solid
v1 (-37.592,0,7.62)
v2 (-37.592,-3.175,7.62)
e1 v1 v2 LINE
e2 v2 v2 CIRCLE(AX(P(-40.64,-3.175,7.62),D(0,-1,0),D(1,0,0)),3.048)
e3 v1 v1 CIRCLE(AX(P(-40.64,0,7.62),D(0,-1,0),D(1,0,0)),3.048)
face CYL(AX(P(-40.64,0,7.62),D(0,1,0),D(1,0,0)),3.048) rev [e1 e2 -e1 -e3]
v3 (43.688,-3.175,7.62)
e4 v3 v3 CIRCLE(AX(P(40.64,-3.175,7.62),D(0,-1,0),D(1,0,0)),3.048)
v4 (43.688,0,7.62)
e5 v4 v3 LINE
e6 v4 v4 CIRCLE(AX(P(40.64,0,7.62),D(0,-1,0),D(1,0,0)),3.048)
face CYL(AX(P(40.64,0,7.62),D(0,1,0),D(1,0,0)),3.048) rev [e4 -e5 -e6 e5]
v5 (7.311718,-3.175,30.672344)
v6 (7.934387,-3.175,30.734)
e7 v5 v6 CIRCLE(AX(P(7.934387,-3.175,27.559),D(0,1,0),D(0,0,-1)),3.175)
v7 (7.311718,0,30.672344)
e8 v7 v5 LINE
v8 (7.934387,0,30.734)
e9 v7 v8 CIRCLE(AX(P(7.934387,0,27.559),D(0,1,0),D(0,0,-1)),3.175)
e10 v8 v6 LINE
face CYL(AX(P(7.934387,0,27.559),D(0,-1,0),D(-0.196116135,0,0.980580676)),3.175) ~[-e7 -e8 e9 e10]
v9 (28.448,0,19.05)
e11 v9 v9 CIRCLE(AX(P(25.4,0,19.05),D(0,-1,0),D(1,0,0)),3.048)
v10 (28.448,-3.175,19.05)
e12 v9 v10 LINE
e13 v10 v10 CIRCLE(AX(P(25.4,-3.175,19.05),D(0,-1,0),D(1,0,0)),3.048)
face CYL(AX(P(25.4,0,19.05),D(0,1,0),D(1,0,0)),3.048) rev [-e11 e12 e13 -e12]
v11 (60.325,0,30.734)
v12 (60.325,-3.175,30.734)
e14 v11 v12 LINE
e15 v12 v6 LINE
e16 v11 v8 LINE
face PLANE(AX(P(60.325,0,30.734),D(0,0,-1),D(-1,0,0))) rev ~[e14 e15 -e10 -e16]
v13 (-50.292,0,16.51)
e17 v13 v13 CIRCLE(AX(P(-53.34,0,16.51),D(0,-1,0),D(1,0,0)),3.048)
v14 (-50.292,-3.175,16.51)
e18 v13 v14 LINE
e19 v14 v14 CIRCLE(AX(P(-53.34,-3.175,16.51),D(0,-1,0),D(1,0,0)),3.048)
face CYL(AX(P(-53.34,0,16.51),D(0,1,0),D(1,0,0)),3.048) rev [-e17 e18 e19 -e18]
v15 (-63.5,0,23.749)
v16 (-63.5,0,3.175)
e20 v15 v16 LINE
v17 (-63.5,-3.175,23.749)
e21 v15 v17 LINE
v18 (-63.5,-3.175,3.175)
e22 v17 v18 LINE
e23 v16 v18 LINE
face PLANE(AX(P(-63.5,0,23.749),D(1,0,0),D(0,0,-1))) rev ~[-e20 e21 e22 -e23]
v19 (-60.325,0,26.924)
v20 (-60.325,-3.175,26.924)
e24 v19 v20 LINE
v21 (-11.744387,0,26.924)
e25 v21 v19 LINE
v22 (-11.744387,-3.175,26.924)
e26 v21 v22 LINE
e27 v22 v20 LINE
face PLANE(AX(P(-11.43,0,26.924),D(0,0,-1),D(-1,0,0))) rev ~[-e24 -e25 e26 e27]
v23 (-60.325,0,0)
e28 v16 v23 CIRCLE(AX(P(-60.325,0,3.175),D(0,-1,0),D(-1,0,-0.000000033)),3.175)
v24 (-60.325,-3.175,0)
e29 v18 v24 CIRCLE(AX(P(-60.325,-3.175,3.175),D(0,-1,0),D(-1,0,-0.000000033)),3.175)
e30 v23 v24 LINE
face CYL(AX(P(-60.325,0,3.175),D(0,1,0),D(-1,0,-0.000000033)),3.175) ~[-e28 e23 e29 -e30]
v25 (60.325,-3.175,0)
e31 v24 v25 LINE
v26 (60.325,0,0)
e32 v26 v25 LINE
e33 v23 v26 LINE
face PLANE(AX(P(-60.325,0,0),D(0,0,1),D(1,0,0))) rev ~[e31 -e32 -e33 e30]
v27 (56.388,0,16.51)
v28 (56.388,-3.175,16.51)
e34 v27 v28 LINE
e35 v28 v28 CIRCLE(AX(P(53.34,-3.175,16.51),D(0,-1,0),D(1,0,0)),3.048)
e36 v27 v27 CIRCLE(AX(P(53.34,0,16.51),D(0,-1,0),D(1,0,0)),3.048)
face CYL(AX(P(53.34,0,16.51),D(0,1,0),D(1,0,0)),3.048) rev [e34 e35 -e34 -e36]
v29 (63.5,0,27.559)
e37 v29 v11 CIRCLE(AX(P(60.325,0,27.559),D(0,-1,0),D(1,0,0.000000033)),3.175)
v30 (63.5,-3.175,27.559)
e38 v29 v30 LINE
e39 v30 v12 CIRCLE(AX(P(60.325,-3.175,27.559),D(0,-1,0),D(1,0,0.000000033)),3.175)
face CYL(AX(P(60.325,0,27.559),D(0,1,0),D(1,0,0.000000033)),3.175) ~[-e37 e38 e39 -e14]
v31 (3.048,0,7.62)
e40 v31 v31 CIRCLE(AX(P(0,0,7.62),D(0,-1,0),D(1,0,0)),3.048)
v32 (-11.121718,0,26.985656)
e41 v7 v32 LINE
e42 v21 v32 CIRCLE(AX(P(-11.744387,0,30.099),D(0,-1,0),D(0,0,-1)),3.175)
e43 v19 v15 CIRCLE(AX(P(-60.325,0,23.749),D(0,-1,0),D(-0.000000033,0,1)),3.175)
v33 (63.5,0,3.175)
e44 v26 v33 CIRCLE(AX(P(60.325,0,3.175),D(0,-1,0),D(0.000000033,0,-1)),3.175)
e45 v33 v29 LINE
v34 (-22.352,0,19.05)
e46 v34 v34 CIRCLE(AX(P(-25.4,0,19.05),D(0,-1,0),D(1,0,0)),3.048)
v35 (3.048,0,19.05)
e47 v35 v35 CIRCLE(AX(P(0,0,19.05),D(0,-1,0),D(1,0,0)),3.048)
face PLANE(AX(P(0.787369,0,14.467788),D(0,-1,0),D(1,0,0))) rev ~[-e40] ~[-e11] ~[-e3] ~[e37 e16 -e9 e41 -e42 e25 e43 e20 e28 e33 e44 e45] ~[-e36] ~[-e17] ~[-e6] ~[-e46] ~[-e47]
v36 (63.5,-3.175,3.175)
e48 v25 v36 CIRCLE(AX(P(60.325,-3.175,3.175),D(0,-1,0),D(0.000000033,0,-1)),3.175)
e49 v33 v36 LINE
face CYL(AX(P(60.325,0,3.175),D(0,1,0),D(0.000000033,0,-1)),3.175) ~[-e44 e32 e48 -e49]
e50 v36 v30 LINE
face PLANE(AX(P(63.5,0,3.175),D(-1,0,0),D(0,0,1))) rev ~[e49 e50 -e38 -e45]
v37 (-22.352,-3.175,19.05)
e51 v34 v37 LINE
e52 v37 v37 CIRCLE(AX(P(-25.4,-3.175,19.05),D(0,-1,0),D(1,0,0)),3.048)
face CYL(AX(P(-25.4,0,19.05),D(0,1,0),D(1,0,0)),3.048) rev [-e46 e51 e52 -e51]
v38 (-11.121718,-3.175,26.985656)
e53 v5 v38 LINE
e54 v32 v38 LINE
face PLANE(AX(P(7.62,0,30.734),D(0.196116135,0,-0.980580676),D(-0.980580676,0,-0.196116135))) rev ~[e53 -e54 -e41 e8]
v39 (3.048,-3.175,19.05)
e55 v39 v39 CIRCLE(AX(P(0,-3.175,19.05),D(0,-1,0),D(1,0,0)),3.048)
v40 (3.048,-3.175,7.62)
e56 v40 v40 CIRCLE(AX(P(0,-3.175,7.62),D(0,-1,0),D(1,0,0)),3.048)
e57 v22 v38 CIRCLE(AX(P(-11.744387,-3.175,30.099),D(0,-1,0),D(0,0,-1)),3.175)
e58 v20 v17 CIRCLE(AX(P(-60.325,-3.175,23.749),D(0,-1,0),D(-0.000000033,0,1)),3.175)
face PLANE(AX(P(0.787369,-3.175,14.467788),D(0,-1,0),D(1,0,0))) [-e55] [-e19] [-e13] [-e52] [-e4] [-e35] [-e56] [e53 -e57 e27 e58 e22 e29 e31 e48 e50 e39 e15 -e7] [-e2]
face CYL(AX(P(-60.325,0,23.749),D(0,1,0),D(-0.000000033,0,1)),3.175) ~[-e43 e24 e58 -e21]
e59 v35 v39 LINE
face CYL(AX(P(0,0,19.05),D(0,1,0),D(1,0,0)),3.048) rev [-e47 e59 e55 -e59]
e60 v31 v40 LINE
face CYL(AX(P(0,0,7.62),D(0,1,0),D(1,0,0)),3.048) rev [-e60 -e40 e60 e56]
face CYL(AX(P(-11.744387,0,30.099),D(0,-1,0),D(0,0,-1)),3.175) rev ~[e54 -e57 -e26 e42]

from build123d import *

# Parameters (mm, degrees)
F0_R     = 3.048
F1_DEPTH = 3.175
F2_R     = 3.175


with BuildPart() as f1:
    # F0 (on Front) → F1 (new body)
    with BuildSketch(Plane.XZ):
        with BuildLine():
            ThreePointArc((-63.5, 3.175), (-62.570064, 0.929936), (-60.325, 0))
            Line((-60.325, 0), (60.325, 0))
            ThreePointArc((60.325, 0), (62.570064, 0.929936), (63.5, 3.175))
            Line((63.5, 3.175), (63.5, 27.559))
            ThreePointArc((63.5, 27.559), (62.570064, 29.804064), (60.325, 30.734))
            Line((60.325, 30.734), (7.62, 30.734))
            Line((7.62, 30.734), (-11.43, 26.924))
            Line((-11.43, 26.924), (-60.325, 26.924))
            ThreePointArc((-60.325, 26.924), (-62.570064, 25.994064), (-63.5, 23.749))
            Line((-63.5, 23.749), (-63.5, 3.175))
        make_face()
        with Locations((-40.64, 7.62)):
            Circle(F0_R, mode=Mode.SUBTRACT)
        with Locations((0, 7.62)):
            Circle(F0_R, mode=Mode.SUBTRACT)
        with Locations((40.64, 7.62)):
            Circle(F0_R, mode=Mode.SUBTRACT)
        with Locations((-53.34, 16.51)):
            Circle(F0_R, mode=Mode.SUBTRACT)
        with Locations((-25.4, 19.05)):
            Circle(F0_R, mode=Mode.SUBTRACT)
        with Locations((0, 19.05)):
            Circle(F0_R, mode=Mode.SUBTRACT)
        with Locations((25.4, 19.05)):
            Circle(F0_R, mode=Mode.SUBTRACT)
        with Locations((53.34, 16.51)):
            Circle(F0_R, mode=Mode.SUBTRACT)
    extrude(amount=F1_DEPTH)

    # F2
    f2_edges = [f1.edges().sort_by_distance(p)[0] for p in [
        (-11.43, -1.5875, 26.924),
        (7.62, -1.5875, 30.734),
    ]]
    fillet(f2_edges, radius=F2_R)


solid = f1.part
